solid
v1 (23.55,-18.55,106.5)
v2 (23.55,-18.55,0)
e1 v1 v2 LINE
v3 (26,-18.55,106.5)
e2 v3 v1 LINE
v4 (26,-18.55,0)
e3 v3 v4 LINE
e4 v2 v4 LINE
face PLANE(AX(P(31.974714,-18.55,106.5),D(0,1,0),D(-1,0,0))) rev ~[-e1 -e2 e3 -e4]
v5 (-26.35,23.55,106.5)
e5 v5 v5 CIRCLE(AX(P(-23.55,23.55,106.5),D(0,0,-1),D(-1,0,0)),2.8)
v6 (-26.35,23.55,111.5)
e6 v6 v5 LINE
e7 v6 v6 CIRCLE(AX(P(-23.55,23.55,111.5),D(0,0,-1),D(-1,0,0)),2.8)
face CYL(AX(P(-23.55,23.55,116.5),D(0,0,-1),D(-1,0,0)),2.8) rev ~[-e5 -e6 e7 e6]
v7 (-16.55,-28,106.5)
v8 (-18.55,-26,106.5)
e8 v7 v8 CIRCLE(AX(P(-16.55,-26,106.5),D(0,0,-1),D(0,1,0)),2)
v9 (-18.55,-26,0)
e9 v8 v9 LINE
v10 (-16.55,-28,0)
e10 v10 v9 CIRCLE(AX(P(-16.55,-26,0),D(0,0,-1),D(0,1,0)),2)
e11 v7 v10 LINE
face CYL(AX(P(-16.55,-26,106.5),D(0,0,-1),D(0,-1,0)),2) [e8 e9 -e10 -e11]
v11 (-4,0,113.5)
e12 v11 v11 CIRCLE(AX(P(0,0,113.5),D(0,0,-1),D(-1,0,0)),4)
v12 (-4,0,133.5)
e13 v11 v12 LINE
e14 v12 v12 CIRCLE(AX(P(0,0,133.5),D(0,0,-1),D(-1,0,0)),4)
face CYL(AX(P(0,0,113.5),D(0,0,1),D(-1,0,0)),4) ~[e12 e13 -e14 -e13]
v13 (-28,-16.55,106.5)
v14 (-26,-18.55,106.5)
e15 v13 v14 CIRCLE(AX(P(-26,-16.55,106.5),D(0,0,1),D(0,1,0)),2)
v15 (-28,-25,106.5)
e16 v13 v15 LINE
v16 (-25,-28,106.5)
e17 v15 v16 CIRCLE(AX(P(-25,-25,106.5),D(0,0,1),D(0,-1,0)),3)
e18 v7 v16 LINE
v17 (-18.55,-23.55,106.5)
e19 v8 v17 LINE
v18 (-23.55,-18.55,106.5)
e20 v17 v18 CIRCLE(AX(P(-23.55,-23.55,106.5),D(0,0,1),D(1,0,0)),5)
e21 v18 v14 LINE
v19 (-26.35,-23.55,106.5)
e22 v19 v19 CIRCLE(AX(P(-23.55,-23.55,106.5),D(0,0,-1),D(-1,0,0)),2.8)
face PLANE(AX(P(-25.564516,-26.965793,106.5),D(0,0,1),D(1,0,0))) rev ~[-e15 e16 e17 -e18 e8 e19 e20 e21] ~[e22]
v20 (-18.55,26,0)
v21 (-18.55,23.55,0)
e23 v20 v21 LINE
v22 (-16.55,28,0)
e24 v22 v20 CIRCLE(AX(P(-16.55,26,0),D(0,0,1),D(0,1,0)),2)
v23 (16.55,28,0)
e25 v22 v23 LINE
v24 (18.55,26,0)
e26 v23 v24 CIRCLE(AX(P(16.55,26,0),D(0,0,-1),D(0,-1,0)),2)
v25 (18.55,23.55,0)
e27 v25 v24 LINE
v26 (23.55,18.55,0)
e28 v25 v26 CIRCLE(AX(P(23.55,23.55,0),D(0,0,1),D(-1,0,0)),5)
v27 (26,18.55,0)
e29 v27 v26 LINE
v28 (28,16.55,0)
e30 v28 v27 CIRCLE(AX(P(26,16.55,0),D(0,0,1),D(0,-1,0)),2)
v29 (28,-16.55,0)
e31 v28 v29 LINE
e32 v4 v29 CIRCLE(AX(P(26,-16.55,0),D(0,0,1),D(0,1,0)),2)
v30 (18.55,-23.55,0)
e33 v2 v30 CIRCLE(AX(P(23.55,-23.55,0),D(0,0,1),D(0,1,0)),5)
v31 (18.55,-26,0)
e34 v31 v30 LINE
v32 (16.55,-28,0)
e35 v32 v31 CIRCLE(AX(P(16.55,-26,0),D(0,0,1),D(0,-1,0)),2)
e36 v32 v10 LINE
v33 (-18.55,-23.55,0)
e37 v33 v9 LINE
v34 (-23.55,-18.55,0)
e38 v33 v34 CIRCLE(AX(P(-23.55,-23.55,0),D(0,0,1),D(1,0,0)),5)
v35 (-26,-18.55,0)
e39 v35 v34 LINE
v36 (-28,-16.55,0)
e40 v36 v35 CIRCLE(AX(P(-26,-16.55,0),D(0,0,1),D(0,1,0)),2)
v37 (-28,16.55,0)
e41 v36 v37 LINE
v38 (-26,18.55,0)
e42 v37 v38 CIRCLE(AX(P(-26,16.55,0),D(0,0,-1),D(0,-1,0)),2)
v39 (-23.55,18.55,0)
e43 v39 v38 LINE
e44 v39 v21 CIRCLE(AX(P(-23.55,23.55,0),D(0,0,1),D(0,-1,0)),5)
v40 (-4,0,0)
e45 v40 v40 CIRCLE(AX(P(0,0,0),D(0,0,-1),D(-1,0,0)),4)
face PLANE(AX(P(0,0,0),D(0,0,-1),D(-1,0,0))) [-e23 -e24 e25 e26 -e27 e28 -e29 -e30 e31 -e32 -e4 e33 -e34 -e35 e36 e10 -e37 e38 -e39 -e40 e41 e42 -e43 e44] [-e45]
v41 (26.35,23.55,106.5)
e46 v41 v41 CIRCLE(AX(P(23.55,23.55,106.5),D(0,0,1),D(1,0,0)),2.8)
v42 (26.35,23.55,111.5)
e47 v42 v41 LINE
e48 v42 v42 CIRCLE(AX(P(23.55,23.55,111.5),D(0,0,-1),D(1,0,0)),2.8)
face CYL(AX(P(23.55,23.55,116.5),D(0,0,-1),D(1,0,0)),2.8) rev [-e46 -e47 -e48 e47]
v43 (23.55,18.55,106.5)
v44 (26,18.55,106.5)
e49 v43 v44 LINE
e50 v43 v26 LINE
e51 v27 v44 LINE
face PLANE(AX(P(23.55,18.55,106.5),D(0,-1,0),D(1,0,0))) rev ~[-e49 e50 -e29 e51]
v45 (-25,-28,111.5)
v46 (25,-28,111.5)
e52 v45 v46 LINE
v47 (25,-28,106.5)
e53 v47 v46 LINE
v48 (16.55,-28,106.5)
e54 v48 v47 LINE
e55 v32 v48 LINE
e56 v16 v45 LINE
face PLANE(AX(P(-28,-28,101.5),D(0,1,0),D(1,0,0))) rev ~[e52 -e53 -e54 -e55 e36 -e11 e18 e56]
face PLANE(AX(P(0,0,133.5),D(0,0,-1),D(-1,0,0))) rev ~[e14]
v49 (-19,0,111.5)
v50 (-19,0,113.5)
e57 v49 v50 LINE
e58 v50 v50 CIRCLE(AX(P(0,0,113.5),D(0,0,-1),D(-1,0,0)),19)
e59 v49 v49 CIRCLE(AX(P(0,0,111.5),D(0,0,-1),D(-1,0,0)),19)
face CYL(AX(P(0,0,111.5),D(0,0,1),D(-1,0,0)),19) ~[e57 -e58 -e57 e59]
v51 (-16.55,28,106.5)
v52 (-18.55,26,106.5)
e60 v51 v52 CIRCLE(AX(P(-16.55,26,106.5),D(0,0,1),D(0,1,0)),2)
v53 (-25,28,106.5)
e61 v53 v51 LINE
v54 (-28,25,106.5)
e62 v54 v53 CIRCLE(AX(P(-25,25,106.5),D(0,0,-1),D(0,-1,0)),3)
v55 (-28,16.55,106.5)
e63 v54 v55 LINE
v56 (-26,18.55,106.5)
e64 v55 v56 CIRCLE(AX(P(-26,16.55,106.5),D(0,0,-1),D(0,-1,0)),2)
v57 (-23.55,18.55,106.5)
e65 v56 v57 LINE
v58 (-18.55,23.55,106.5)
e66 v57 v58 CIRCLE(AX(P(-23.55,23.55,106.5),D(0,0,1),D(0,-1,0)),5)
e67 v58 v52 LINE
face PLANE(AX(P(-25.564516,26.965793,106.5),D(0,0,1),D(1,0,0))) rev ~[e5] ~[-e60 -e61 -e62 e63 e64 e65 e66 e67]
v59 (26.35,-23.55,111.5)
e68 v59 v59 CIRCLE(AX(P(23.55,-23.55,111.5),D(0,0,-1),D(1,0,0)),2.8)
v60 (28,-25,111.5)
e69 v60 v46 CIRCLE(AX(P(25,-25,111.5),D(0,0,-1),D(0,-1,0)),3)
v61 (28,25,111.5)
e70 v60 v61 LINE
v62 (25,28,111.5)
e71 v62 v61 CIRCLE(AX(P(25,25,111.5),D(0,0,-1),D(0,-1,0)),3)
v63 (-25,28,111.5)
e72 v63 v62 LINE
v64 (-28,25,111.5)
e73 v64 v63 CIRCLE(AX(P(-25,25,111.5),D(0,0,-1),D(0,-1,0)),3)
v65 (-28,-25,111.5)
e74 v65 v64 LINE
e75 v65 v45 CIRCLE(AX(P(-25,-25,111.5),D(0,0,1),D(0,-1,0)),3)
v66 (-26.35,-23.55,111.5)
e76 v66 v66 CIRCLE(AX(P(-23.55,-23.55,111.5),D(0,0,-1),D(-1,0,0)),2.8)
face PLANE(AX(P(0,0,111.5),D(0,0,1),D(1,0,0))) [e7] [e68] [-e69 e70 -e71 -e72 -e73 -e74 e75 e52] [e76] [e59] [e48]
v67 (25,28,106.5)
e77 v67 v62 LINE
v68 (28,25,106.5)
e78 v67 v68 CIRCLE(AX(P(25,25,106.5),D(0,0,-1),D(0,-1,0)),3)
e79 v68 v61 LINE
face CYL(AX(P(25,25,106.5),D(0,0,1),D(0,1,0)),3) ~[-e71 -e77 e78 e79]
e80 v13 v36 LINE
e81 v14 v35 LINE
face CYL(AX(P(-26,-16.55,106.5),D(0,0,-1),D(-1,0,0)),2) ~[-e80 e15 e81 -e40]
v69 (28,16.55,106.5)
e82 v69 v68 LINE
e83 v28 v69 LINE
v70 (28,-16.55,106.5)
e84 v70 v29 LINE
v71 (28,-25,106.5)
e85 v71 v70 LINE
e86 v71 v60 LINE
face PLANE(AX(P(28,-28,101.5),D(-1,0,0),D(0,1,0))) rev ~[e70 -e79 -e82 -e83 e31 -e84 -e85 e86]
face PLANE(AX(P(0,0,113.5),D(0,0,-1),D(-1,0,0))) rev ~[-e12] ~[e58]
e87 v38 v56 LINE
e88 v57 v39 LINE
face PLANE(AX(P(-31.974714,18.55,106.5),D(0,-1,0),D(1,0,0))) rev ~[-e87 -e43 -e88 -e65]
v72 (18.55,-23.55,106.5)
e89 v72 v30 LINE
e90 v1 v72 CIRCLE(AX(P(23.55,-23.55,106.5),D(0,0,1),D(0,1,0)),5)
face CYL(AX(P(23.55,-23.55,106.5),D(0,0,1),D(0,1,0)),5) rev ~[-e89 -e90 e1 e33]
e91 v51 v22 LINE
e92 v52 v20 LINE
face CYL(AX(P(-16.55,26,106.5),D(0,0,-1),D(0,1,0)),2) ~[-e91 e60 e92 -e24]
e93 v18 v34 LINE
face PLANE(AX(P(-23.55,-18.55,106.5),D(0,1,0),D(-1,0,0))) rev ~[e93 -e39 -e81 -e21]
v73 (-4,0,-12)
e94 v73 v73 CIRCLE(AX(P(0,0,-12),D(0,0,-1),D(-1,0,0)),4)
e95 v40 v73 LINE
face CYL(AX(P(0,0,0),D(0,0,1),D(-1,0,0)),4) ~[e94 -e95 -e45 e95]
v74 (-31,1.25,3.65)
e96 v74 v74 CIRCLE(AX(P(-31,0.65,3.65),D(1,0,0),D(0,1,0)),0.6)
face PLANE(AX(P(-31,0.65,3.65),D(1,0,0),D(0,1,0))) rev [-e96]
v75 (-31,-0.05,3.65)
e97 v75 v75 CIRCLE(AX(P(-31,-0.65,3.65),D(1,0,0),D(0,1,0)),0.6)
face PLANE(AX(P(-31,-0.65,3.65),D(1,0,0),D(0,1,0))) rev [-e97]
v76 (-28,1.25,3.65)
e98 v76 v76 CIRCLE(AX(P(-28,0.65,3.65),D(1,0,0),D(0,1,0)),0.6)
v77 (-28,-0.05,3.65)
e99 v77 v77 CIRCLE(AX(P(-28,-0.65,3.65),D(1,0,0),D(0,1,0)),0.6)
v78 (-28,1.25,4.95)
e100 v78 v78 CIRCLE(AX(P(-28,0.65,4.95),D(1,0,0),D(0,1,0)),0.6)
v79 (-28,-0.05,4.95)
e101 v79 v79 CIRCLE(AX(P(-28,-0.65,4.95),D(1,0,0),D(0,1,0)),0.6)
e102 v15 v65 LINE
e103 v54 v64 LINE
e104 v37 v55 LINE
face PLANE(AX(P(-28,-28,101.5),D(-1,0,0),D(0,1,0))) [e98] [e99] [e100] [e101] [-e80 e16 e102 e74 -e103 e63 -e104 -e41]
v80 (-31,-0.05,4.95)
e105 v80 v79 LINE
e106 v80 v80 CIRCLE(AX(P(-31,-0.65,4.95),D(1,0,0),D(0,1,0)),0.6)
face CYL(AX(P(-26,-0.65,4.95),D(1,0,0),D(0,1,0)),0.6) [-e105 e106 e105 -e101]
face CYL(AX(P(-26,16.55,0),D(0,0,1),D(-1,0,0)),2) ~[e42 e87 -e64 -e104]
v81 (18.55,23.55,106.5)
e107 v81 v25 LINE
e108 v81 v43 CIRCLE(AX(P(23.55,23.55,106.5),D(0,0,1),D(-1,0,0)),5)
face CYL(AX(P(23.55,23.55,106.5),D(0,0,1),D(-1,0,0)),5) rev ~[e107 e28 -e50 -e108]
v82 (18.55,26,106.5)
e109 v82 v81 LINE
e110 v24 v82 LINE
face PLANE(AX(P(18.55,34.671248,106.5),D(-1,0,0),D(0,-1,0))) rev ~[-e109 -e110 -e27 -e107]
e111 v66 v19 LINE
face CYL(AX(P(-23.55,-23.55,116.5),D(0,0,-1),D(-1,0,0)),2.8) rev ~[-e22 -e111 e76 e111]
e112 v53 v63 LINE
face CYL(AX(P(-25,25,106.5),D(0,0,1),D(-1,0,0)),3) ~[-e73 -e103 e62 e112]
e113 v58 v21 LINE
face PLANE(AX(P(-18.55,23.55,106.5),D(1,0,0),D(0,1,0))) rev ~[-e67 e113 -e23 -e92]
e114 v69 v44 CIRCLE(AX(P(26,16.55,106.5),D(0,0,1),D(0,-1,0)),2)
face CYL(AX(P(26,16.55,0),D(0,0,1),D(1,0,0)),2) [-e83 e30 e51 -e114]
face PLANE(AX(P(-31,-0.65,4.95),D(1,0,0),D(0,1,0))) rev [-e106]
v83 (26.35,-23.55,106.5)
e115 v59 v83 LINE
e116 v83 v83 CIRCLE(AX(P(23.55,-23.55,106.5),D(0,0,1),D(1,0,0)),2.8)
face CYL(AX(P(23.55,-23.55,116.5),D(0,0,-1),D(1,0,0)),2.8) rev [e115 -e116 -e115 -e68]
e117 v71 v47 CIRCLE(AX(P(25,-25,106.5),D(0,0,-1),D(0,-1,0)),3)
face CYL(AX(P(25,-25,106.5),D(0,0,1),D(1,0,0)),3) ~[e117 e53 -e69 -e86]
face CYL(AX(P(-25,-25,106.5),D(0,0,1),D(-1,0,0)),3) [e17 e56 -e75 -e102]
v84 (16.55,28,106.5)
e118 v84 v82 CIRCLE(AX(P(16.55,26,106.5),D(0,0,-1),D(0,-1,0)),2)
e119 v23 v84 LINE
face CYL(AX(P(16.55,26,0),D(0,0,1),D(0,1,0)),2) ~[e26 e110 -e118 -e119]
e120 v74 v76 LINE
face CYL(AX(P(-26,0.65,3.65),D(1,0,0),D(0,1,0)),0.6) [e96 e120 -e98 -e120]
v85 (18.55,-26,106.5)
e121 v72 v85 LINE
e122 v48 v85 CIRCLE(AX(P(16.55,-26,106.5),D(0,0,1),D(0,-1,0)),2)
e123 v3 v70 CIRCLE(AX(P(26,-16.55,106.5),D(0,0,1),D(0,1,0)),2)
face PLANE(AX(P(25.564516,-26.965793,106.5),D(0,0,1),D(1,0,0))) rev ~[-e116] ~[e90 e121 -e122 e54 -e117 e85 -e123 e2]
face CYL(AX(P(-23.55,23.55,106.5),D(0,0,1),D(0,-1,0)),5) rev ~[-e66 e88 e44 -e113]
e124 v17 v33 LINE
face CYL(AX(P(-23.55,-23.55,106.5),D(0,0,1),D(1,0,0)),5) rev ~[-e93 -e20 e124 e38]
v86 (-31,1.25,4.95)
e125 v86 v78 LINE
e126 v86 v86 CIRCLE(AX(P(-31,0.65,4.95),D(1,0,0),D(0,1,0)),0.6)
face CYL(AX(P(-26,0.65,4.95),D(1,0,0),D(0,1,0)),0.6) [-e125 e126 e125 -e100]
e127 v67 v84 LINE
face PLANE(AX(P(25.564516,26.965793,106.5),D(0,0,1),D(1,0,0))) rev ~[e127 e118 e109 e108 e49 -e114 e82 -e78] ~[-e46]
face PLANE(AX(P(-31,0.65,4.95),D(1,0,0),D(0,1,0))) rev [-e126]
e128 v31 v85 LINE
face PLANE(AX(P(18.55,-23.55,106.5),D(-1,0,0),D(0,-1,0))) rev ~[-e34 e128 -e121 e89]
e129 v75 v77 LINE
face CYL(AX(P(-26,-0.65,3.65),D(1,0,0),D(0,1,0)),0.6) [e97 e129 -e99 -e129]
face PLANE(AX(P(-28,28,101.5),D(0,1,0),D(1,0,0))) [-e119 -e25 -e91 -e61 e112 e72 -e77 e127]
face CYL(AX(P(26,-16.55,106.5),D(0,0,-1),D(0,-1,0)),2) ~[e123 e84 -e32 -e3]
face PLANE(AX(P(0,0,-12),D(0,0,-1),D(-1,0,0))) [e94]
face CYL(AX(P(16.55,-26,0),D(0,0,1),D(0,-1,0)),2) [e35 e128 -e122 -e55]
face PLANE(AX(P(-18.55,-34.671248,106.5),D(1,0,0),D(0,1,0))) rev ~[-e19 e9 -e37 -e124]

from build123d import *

# Parameters (mm, degrees)
BOSS_EXTRUDE1_DEPTH     = 11.5
BOSS_EXTRUDE2_DEPTH     = 90
SKETCH3_W               = 56
SKETCH3_H               = 56
BOSS_EXTRUDE3_DEPTH     = 10
SKETCH4_W               = 10
SKETCH4_H               = 0.6
SKETCH5_W               = 10
SKETCH5_H               = 0.6
SKETCH6_W               = 10
SKETCH6_H               = 0.6
SKETCH7_W               = 10
SKETCH7_H               = 0.6
HOLE1_D                 = 5.6
HOLE1_DEPTH             = 5
HOLE2_D                 = 5.6
HOLE2_DEPTH             = 5
CUT_EXTRUDE9_DEPTH      = 110.759965379
CUT_EXTRUDE9_DEPTH_BACK = 5
FILLET3_R               = 2
FILLET4_R               = 3
SKETCH17_R              = 4
BOSS_EXTRUDE4_DEPTH     = 12


with BuildPart() as part:
    # Sketch1 → Boss-Extrude1 (new body)
    with BuildSketch(Plane(origin=(0, 0, 0), x_dir=(-1, 0, 0), z_dir=(0, 0, -1))):
        Polygon((-23, 28), (-28, 23), (-28, -23), (-23, -28), (23, -28), (28, -23), (28, 23), (23, 28), align=None)
    extrude(amount=-BOSS_EXTRUDE1_DEPTH)

    # Sketch2 → Boss-Extrude2 (add)
    with BuildSketch(Plane.XY.offset(11.5)):
        Polygon((23, 28), (-23, 28), (-28, 23), (-28, -23), (-23, -28), (23, -28), (28, -23), (28, 23), align=None)
    extrude(amount=BOSS_EXTRUDE2_DEPTH)

    # Sketch3 → Boss-Extrude3 (add)
    with BuildSketch(Plane.XY.offset(101.5)):
        Rectangle(SKETCH3_W, SKETCH3_H)
    extrude(amount=BOSS_EXTRUDE3_DEPTH)

    # Sketch4 → Revolve1 (revolve)
    with BuildSketch(Plane.XY.offset(3.65)):
        with Locations((-26, 0.95)):
            Rectangle(SKETCH4_W, SKETCH4_H)
    revolve(axis=Axis((-31, 0.65, 3.65), (1, 0, 0)))

    # Sketch5 → Revolve2 (revolve)
    with BuildSketch(Plane.XY.offset(3.65)):
        with Locations((-26, -0.35)):
            Rectangle(SKETCH5_W, SKETCH5_H)
    revolve(axis=Axis((-31, -0.65, 3.65), (1, 0, 0)))

    # Sketch6 → Revolve3 (revolve)
    with BuildSketch(Plane.XY.offset(4.95)):
        with Locations((-26, -0.35)):
            Rectangle(SKETCH6_W, SKETCH6_H)
    revolve(axis=Axis((-31, -0.65, 4.95), (1, 0, 0)))

    # Sketch7 → Revolve4 (revolve)
    with BuildSketch(Plane.XY.offset(4.95)):
        with Locations((-26, 0.95)):
            Rectangle(SKETCH7_W, SKETCH7_H)
    revolve(axis=Axis((-31, 0.65, 4.95), (1, 0, 0)))

    # Sketch8 → Revolve5 (revolve)
    with BuildSketch(Plane.XZ, mode=Mode.PRIVATE) as revolve5_sk:
        Polygon((4, 133.5), (0, 133.5), (0, 111.5), (19, 111.5), (19, 113.5), (4, 113.5), align=None)
    revolve(revolve5_sk.sketch.rotate(Axis((0, 0, 133.5), (0, 0, -1)), 180), axis=Axis((0, 0, 133.5), (0, 0, -1)))

    # Hole1
    with Locations(Plane.XY.offset(111.5)):
        with Locations((-23.55, 23.55)):
            hole1 = Hole(HOLE1_D / 2, depth=HOLE1_DEPTH)

    # Hole2
    with Locations(Plane.XY.offset(111.5)):
        with Locations((-23.55, -23.55), (-23.55, 23.55)):
            hole2 = Hole(HOLE2_D / 2, depth=HOLE2_DEPTH)

    # Mirror2: Hole1, Hole2 across plane
    add(hole1.mirror(Plane(origin=(0, 0, 0), x_dir=(0, 0, 1), z_dir=(1, 0, 0))), mode=Mode.SUBTRACT)
    add(hole2.mirror(Plane(origin=(0, 0, 0), x_dir=(0, 0, 1), z_dir=(1, 0, 0))), mode=Mode.SUBTRACT)

    # Sketch34 → Cut-Extrude9 (cut, two sides: drawn at the far end of the back side and taken through both)
    with BuildSketch(Plane(origin=(0, 0, 101.5), x_dir=(-1, 0, 0), z_dir=(0, 0, -1)).offset(-CUT_EXTRUDE9_DEPTH_BACK)):
        with BuildLine():
            Line((18.55, 23.55), (18.55, 34.67124832))
            Line((18.55, 34.67124832), (31.974713938, 34.67124832))
            Line((31.974713938, 34.67124832), (31.974713938, 18.55))
            Line((31.974713938, 18.55), (23.55, 18.55))
            ThreePointArc((23.55, 18.55), (20.014466094, 20.014466094), (18.55, 23.55))
        make_face()
        with BuildLine():
            Line((23.55, -18.55), (31.974713938, -18.55))
            Line((31.974713938, -18.55), (31.974713938, -34.67124832))
            Line((31.974713938, -34.67124832), (18.55, -34.67124832))
            Line((18.55, -34.67124832), (18.55, -23.55))
            ThreePointArc((18.55, -23.55), (20.014466094, -20.014466094), (23.55, -18.55))
        make_face()
        with BuildLine():
            Line((-18.55, -23.55), (-18.55, -34.67124832))
            Line((-18.55, -34.67124832), (-31.974713938, -34.67124832))
            Line((-31.974713938, -34.67124832), (-31.974713938, -18.55))
            Line((-31.974713938, -18.55), (-23.55, -18.55))
            ThreePointArc((-23.55, -18.55), (-20.014466094, -20.014466094), (-18.55, -23.55))
        make_face()
        with BuildLine():
            Line((-23.55, 18.55), (-31.974713938, 18.55))
            Line((-31.974713938, 18.55), (-31.974713938, 34.67124832))
            Line((-31.974713938, 34.67124832), (-18.55, 34.67124832))
            Line((-18.55, 34.67124832), (-18.55, 23.55))
            ThreePointArc((-18.55, 23.55), (-20.014466094, 20.014466094), (-23.55, 18.55))
        make_face()
    extrude(amount=CUT_EXTRUDE9_DEPTH + CUT_EXTRUDE9_DEPTH_BACK, mode=Mode.SUBTRACT)

    # Fillet3
    fillet3_edges = [part.edges().sort_by_distance(p)[0] for p in [
        (18.55, 28, 53.25),
        (28, 18.55, 53.25),
        (28, -18.55, 53.25),
        (18.55, -28, 53.25),
        (-18.55, -28, 53.25),
        (-28, -18.55, 53.25),
        (-28, 18.55, 53.25),
        (-18.55, 28, 53.25),
    ]]
    fillet(fillet3_edges, radius=FILLET3_R)

    # Fillet4
    fillet4_edges = [part.edges().sort_by_distance(p)[0] for p in [
        (28, -28, 109),
        (28, 28, 109),
        (-28, 28, 109),
        (-28, -28, 109),
    ]]
    fillet(fillet4_edges, radius=FILLET4_R)

    # Sketch17 → Boss-Extrude4 (add)
    with BuildSketch(Plane(origin=(0, 0, 0), x_dir=(-1, 0, 0), z_dir=(0, 0, -1))):
        Circle(SKETCH17_R)
    extrude(amount=BOSS_EXTRUDE4_DEPTH)


solid = part.part
